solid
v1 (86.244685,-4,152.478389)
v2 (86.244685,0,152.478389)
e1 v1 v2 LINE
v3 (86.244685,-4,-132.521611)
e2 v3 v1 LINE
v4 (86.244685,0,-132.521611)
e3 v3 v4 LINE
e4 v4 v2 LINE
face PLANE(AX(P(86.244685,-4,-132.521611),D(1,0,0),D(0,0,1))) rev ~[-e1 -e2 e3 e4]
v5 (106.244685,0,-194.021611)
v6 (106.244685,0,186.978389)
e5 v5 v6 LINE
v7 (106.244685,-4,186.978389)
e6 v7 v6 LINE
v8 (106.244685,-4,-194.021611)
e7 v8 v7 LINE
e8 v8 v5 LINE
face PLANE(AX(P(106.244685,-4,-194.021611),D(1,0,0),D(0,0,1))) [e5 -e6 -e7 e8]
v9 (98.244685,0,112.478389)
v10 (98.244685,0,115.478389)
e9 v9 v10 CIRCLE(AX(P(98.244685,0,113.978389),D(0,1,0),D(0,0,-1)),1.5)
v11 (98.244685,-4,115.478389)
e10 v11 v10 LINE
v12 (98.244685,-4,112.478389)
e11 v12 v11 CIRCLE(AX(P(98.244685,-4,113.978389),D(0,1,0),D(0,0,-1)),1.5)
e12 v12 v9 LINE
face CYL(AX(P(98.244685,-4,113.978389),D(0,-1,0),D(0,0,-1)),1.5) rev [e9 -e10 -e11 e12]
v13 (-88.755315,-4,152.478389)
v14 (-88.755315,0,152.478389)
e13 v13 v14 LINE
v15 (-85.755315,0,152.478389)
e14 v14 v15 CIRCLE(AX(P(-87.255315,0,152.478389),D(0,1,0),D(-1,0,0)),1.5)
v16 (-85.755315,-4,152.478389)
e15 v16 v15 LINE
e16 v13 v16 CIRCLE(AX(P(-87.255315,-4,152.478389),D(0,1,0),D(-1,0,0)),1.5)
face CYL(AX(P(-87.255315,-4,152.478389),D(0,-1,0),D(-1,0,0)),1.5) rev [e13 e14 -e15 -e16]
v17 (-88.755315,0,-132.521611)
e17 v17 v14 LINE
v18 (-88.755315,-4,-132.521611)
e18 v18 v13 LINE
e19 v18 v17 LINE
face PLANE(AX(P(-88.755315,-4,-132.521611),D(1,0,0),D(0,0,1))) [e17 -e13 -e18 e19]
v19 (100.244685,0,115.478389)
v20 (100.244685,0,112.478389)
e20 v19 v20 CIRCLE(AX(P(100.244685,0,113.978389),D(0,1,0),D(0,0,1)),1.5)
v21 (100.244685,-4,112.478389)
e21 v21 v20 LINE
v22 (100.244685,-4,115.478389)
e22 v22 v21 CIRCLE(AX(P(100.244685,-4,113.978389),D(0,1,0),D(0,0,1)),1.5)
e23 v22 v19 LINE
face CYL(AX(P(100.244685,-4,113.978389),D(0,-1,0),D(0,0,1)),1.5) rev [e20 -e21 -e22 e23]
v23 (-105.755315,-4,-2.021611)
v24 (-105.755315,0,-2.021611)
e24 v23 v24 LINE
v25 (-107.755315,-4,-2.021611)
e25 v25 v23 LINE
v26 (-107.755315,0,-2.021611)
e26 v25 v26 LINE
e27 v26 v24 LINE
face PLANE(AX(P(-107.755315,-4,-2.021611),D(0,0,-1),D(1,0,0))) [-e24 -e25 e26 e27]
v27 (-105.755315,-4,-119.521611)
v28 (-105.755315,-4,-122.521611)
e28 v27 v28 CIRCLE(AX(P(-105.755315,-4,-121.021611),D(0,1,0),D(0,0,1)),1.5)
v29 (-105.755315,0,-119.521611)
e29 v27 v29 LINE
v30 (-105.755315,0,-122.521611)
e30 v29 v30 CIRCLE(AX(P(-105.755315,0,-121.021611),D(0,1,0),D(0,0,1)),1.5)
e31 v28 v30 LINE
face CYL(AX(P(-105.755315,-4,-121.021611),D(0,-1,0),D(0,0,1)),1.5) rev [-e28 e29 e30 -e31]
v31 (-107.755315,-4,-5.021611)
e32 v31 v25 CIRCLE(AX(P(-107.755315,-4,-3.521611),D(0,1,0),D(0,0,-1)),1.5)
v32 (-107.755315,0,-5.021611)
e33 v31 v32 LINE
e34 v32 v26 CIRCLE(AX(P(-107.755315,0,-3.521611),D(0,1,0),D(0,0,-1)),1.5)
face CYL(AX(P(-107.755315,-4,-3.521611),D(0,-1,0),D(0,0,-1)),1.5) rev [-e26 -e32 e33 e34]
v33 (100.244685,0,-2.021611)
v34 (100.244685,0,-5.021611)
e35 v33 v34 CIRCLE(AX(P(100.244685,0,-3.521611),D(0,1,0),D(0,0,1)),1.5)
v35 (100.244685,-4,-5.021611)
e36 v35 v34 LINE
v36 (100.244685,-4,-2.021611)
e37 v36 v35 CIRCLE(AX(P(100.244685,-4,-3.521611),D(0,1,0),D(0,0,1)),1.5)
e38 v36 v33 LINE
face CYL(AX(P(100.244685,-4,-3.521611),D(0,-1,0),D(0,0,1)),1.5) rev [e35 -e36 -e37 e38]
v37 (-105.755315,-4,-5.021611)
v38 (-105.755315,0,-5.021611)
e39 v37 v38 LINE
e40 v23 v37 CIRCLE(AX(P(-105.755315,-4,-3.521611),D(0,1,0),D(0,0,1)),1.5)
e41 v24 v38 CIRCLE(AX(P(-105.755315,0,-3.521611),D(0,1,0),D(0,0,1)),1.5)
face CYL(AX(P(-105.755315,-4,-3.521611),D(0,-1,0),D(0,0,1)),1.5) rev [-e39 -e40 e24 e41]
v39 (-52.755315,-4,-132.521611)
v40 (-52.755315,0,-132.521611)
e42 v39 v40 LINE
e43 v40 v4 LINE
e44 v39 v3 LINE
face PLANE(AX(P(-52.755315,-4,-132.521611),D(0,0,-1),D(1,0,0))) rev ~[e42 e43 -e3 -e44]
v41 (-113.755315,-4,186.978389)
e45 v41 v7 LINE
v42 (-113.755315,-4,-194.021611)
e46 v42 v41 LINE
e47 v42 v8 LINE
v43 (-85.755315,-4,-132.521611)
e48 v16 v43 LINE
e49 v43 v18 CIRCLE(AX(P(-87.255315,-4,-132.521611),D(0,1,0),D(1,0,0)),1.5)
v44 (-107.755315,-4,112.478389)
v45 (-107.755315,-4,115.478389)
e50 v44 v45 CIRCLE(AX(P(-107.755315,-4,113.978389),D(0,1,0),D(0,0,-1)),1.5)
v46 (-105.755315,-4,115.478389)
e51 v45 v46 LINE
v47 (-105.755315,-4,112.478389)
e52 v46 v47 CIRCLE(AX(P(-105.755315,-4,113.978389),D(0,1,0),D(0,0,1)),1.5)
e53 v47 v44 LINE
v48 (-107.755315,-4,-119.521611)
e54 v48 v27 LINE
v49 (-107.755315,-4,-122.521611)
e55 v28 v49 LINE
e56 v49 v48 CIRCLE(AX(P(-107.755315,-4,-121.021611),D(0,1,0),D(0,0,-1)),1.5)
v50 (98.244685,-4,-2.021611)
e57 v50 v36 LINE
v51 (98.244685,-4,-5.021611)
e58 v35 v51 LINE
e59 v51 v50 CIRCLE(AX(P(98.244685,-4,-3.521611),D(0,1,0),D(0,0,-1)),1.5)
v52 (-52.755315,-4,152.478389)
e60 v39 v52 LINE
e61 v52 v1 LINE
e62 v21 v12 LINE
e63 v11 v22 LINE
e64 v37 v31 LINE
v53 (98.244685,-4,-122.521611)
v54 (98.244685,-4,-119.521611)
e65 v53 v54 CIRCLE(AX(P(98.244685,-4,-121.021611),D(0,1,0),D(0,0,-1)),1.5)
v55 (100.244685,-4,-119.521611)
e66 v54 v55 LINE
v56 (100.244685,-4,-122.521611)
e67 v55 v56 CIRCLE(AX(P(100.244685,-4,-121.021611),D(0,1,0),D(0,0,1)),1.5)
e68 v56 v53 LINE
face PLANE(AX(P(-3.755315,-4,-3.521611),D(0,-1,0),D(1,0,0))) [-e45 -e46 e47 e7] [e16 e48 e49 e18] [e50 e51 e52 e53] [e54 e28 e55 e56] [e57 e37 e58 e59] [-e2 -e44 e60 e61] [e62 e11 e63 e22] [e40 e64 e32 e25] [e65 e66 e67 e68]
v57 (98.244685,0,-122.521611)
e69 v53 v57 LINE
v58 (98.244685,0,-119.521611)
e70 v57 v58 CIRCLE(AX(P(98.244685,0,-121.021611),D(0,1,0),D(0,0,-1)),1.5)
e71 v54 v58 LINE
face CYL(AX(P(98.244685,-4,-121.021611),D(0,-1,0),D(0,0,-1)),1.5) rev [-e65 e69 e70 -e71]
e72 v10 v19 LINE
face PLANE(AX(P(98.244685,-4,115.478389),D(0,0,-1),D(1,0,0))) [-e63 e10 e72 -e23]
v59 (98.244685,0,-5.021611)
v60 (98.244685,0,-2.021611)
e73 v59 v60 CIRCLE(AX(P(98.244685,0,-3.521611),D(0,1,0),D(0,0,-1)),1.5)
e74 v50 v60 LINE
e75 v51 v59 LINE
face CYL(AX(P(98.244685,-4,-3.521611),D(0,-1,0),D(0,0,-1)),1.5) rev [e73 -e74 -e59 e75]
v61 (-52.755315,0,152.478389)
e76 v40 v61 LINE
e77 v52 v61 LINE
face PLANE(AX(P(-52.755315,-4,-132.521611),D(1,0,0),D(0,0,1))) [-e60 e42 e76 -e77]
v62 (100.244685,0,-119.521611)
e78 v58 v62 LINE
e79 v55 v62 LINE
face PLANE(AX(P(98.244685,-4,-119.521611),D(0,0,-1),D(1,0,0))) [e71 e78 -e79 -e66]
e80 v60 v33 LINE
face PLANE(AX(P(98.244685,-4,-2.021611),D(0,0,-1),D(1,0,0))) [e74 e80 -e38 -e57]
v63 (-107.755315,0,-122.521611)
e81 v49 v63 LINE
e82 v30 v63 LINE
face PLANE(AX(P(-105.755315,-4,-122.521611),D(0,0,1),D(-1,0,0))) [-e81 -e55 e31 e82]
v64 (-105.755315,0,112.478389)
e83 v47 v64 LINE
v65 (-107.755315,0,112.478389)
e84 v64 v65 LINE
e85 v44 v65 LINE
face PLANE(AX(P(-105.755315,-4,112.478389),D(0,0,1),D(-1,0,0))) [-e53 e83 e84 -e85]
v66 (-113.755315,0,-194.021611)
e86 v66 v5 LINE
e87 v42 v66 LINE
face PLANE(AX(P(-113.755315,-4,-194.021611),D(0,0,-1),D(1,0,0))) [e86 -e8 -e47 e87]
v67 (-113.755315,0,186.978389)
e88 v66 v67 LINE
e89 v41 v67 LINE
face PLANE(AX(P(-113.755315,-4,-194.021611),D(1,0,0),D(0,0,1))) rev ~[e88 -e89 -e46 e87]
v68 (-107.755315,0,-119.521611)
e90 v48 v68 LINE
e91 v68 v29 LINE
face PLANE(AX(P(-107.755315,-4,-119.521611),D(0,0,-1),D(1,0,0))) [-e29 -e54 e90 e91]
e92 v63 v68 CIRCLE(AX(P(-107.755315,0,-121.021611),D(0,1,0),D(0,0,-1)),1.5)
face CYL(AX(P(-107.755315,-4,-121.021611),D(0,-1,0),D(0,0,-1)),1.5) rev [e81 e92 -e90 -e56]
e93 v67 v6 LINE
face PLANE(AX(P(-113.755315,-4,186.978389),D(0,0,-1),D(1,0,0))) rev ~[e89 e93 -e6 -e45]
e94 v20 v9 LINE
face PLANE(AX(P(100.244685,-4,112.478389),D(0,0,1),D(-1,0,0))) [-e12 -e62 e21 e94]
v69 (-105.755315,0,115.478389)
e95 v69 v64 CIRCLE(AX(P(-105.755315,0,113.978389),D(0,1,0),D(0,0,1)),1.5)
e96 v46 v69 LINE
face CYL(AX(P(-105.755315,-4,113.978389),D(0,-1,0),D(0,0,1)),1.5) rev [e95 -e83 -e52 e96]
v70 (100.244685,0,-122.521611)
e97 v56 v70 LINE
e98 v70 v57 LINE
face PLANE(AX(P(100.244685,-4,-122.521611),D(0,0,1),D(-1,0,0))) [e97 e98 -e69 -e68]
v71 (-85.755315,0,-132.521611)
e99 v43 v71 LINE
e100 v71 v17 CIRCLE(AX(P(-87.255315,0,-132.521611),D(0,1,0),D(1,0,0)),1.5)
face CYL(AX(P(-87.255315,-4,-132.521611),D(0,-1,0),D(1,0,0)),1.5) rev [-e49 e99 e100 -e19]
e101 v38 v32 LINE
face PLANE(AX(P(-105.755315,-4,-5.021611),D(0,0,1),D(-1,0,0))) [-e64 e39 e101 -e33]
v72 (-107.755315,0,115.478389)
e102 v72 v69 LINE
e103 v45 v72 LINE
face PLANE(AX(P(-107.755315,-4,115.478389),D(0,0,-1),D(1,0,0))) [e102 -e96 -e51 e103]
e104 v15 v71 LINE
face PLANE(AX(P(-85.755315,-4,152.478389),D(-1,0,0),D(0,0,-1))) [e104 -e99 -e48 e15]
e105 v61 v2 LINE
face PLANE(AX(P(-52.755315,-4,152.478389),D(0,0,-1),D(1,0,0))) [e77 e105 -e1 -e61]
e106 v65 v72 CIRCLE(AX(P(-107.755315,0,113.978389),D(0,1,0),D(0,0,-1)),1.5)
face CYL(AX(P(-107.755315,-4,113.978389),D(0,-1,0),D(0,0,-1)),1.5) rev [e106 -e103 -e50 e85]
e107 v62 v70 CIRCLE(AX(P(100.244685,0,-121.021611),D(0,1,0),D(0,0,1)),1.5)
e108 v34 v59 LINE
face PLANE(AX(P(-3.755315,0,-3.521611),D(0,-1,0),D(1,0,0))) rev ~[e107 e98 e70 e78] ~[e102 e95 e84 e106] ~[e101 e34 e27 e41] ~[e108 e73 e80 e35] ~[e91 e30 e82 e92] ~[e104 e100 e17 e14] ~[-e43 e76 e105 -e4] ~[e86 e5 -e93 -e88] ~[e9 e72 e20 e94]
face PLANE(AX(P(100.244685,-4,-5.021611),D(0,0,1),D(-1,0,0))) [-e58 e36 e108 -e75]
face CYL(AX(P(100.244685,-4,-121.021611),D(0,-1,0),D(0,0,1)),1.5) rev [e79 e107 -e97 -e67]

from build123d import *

# Parameters (mm, degrees)
SKETCH_1_W      = 220
SKETCH_1_H      = 381
SKETCH_1_W_2    = 139
SKETCH_1_H_2    = 285
EXTRUDE_1_DEPTH = 4


with BuildPart() as part:
    # 草圖1 → 填料-伸長1 (new body)
    with BuildSketch(Plane.XZ.offset(4)):
        with Locations((-3.755314961, -3.521610711)):
            Rectangle(SKETCH_1_W, SKETCH_1_H)
        with BuildLine():
            Line((-85.755314961, 152.478389289), (-85.755314961, -132.521610711))
            ThreePointArc((-85.755314961, -132.521610711), (-87.255314961, -134.021610711), (-88.755314961, -132.521610711))
            Line((-88.755314961, -132.521610711), (-88.755314961, 152.478389289))
            ThreePointArc((-88.755314961, 152.478389289), (-87.255314961, 153.978389289), (-85.755314961, 152.478389289))
        make_face(mode=Mode.SUBTRACT)
        with BuildLine():
            Line((-105.755314961, -122.521610711), (-107.755314961, -122.521610711))
            ThreePointArc((-107.755314961, -122.521610711), (-109.255314961, -121.021610711), (-107.755314961, -119.521610711))
            Line((-107.755314961, -119.521610711), (-105.755314961, -119.521610711))
            ThreePointArc((-105.755314961, -119.521610711), (-104.255314961, -121.021610711), (-105.755314961, -122.521610711))
        make_face(mode=Mode.SUBTRACT)
        with BuildLine():
            Line((98.244685039, 115.478389289), (100.244685039, 115.478389289))
            ThreePointArc((100.244685039, 115.478389289), (101.744685039, 113.978389289), (100.244685039, 112.478389289))
            Line((100.244685039, 112.478389289), (98.244685039, 112.478389289))
            ThreePointArc((98.244685039, 112.478389289), (96.744685039, 113.978389289), (98.244685039, 115.478389289))
        make_face(mode=Mode.SUBTRACT)
        with BuildLine():
            Line((98.244685039, -2.021610711), (100.244685039, -2.021610711))
            ThreePointArc((100.244685039, -2.021610711), (101.744685039, -3.521610711), (100.244685039, -5.021610711))
            Line((100.244685039, -5.021610711), (98.244685039, -5.021610711))
            ThreePointArc((98.244685039, -5.021610711), (96.744685039, -3.521610711), (98.244685039, -2.021610711))
        make_face(mode=Mode.SUBTRACT)
        with BuildLine():
            Line((-107.755314961, -2.021610711), (-105.755314961, -2.021610711))
            ThreePointArc((-105.755314961, -2.021610711), (-104.255314961, -3.521610711), (-105.755314961, -5.021610711))
            Line((-105.755314961, -5.021610711), (-107.755314961, -5.021610711))
            ThreePointArc((-107.755314961, -5.021610711), (-109.255314961, -3.521610711), (-107.755314961, -2.021610711))
        make_face(mode=Mode.SUBTRACT)
        with BuildLine():
            Line((-107.755314961, 115.478389289), (-105.755314961, 115.478389289))
            ThreePointArc((-105.755314961, 115.478389289), (-104.255314961, 113.978389289), (-105.755314961, 112.478389289))
            Line((-105.755314961, 112.478389289), (-107.755314961, 112.478389289))
            ThreePointArc((-107.755314961, 112.478389289), (-109.255314961, 113.978389289), (-107.755314961, 115.478389289))
        make_face(mode=Mode.SUBTRACT)
        with BuildLine():
            Line((98.244685039, -119.521610711), (100.244685039, -119.521610711))
            ThreePointArc((100.244685039, -119.521610711), (101.744685039, -121.021610711), (100.244685039, -122.521610711))
            Line((100.244685039, -122.521610711), (98.244685039, -122.521610711))
            ThreePointArc((98.244685039, -122.521610711), (96.744685039, -121.021610711), (98.244685039, -119.521610711))
        make_face(mode=Mode.SUBTRACT)
        with Locations((16.744685039, 9.978389289)):
            Rectangle(SKETCH_1_W_2, SKETCH_1_H_2, mode=Mode.SUBTRACT)
    extrude(amount=-EXTRUDE_1_DEPTH)


solid = part.part
